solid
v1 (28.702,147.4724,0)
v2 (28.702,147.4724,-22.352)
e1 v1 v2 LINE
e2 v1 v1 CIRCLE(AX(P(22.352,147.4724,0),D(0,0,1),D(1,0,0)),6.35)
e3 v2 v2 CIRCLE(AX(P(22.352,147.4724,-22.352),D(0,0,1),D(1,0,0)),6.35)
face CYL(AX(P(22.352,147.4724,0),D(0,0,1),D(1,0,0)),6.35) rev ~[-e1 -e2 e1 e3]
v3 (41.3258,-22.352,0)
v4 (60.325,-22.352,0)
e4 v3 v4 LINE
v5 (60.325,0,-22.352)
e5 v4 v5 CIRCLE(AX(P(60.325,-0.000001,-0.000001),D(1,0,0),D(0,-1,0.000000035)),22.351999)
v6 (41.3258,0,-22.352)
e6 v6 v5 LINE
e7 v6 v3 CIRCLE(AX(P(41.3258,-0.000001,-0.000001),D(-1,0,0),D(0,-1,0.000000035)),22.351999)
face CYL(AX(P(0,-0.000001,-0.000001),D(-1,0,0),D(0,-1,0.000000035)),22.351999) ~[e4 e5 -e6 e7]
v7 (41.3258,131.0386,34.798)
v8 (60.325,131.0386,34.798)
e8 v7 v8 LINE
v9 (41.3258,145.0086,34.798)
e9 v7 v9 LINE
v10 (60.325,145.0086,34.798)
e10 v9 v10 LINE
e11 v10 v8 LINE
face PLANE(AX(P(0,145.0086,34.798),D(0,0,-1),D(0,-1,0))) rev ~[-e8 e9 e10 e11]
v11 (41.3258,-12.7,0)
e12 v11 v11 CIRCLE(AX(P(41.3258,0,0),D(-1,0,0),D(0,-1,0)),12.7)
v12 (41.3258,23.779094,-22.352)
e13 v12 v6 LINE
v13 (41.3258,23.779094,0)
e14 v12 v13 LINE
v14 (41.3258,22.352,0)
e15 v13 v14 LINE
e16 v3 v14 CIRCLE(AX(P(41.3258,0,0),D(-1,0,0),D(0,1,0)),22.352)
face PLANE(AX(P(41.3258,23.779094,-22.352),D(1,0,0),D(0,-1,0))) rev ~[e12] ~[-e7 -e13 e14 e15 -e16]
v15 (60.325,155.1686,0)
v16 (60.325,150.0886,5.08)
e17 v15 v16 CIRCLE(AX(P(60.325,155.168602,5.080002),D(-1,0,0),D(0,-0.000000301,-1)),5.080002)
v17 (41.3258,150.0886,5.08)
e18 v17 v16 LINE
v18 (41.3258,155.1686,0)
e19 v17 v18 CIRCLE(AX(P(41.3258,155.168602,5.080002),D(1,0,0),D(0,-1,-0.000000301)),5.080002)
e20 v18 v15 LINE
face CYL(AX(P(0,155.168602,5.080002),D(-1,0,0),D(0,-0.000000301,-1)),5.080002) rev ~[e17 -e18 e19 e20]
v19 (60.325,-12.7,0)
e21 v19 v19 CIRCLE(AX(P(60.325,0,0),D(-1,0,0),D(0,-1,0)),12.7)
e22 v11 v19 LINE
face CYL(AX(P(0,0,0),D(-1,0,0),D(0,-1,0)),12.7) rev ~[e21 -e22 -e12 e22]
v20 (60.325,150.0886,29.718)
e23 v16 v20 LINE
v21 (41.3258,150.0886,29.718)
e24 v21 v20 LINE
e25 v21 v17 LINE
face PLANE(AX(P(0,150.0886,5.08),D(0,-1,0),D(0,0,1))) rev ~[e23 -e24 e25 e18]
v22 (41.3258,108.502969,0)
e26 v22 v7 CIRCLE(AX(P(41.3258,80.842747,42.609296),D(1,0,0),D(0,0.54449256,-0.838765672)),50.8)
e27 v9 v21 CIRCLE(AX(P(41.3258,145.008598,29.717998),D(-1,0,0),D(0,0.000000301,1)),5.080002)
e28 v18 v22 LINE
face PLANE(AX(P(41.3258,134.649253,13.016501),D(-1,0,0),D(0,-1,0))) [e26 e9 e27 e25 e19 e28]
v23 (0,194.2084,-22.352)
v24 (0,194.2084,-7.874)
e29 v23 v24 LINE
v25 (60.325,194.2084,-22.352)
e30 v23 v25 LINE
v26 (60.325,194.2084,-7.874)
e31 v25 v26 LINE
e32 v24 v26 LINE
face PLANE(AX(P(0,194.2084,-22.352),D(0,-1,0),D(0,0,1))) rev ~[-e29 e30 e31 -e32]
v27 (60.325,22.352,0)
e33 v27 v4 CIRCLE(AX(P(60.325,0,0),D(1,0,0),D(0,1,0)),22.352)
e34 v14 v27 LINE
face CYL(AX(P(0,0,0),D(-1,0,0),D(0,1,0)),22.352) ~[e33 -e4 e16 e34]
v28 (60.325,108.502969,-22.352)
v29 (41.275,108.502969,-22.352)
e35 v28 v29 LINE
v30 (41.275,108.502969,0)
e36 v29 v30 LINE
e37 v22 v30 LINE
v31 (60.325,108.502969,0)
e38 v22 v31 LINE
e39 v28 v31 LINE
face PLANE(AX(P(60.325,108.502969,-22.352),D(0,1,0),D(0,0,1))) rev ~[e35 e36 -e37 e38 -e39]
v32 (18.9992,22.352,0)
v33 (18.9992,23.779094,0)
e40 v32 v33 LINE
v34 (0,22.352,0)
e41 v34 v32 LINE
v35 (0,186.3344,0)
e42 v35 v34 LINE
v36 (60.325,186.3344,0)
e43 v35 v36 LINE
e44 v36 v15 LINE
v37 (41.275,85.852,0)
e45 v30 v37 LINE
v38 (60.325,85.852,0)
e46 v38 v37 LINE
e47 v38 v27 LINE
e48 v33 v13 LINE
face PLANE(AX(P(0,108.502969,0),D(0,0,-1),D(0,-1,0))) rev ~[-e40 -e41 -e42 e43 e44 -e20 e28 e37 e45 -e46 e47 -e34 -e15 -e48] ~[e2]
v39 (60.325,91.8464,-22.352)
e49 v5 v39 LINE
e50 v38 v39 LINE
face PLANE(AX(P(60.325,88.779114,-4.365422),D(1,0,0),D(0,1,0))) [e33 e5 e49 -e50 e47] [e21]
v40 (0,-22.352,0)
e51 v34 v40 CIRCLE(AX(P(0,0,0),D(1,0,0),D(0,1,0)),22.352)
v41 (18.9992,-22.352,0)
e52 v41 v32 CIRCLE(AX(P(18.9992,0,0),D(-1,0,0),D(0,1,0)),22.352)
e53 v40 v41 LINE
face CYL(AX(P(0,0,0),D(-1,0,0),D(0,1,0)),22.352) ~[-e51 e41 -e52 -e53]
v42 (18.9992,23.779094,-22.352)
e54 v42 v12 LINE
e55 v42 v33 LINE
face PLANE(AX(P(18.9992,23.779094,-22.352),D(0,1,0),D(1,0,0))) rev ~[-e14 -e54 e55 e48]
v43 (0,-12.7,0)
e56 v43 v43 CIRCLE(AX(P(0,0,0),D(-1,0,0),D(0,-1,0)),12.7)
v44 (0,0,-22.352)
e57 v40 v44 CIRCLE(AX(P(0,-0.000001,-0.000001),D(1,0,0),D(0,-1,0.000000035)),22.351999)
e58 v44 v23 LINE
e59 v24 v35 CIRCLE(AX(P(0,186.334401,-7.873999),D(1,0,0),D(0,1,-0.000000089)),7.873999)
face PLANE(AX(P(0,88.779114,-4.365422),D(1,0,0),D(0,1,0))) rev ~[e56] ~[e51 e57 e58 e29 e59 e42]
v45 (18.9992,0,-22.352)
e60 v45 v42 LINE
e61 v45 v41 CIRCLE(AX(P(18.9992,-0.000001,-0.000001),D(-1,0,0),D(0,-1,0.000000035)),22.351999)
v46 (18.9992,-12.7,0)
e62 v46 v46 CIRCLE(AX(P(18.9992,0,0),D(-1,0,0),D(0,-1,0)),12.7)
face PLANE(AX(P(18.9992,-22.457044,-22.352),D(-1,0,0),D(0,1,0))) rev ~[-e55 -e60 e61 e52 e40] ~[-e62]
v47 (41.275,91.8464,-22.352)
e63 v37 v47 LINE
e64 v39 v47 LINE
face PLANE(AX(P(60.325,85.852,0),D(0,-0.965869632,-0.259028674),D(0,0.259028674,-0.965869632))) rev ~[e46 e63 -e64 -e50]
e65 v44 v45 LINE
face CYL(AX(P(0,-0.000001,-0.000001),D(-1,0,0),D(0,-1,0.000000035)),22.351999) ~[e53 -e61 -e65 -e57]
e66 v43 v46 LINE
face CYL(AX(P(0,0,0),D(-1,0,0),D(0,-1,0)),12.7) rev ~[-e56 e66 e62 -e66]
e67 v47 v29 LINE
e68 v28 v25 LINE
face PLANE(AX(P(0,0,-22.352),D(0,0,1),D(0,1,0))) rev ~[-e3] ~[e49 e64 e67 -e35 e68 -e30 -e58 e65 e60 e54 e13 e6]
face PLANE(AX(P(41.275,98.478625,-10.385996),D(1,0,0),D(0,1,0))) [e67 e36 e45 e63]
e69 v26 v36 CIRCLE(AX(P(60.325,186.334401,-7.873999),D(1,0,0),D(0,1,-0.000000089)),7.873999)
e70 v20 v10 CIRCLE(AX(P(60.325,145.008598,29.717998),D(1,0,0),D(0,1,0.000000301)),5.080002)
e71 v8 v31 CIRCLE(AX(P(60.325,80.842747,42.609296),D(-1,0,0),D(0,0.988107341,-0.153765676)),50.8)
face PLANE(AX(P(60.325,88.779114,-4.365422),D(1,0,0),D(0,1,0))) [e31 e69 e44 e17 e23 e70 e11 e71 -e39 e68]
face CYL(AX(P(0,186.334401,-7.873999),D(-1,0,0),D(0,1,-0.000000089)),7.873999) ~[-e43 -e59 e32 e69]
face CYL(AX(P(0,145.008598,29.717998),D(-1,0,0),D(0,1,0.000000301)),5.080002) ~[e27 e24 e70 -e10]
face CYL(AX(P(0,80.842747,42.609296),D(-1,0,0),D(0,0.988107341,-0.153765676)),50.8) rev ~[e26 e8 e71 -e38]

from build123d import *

# Parameters (mm, degrees)
F1_DEPTH  = 60.325
F3_DEPTH  = 41.3258
F5_DEPTH  = 19.05
F6_R      = 6.35
F7_DEPTH  = 22.353
F8_R      = 12.7
F9_DEPTH  = 60.326
F10_W     = 22.3266
F10_H     = 22.457045
F10_H_2   = 23.779094
F11_DEPTH = 57.151


with BuildPart() as f1:
    # F0 (on Right) → F1 (new body)
    with BuildSketch(Plane.YZ):
        with BuildLine():
            Line((108.502969, 0), (22.352, 0))
            ThreePointArc((22.352, 0), (0, 22.352), (-22.352, 0))
            ThreePointArc((-22.352, 0), (-15.805251, -15.805251), (0, -22.352))
            Line((0, -22.352), (194.2084, -22.352))
            Line((194.2084, -22.352), (194.2084, -7.874))
            ThreePointArc((194.2084, -7.874), (191.902159, -2.306241), (186.3344, 0))
            Line((186.3344, 0), (155.1686, 0))
            ThreePointArc((155.1686, 0), (151.576498, 1.487898), (150.0886, 5.08))
            Line((150.0886, 5.08), (150.0886, 29.718))
            ThreePointArc((150.0886, 29.718), (148.600702, 33.310102), (145.0086, 34.798))
            Line((145.0086, 34.798), (131.0386, 34.798))
            ThreePointArc((131.0386, 34.798), (123.482134, 14.995483), (108.502969, 0))
        make_face()
    extrude(amount=F1_DEPTH)

    # F2 (on face) → F3 (cut)
    with BuildSketch(Plane(origin=(0, 0, 0), x_dir=(0, -1, 0), z_dir=(-1, 0, 0))):
        with BuildLine():
            ThreePointArc((-150.0886, 5.08), (-151.576498, 1.487898), (-155.1686, 0))
            Line((-155.1686, 0), (-108.502969, 0))
            ThreePointArc((-108.502969, 0), (-123.482134, 14.995483), (-131.0386, 34.798))
            Line((-131.0386, 34.798), (-145.0086, 34.798))
            ThreePointArc((-145.0086, 34.798), (-148.600702, 33.310102), (-150.0886, 29.718))
            Line((-150.0886, 29.718), (-150.0886, 5.08))
        make_face()
    extrude(amount=-F3_DEPTH, mode=Mode.SUBTRACT)

    # F4 (on face) → F5 (cut)
    with BuildSketch(Plane.YZ.offset(60.325)):
        Polygon((108.502969, -22.352), (108.502969, 0), (85.852, 0), (91.8464, -22.352), align=None)
    extrude(amount=-F5_DEPTH, mode=Mode.SUBTRACT)

    # F6 (on face) → F7 (cut, through all)
    with BuildSketch(Plane.XY):
        with Locations((22.352, 147.4724)):
            Circle(F6_R)
    extrude(amount=-F7_DEPTH, mode=Mode.SUBTRACT)

    # F8 (on face) → F9 (cut, through all)
    with BuildSketch(Plane(origin=(0, 0, 0), x_dir=(0, -1, 0), z_dir=(-1, 0, 0))):
        Circle(F8_R)
    extrude(amount=-F9_DEPTH, mode=Mode.SUBTRACT)

    # F10 (on face) → F11 (cut, through all)
    with BuildSketch(Plane(origin=(0, 0, -22.352), x_dir=(1, 0, 0), z_dir=(0, 0, -1))):
        with Locations((30.1625, 11.228522)):
            Rectangle(F10_W, F10_H)
        with Locations((30.1625, -11.889547)):
            Rectangle(F10_W, F10_H_2)
    extrude(amount=-F11_DEPTH, mode=Mode.SUBTRACT)


solid = f1.part
